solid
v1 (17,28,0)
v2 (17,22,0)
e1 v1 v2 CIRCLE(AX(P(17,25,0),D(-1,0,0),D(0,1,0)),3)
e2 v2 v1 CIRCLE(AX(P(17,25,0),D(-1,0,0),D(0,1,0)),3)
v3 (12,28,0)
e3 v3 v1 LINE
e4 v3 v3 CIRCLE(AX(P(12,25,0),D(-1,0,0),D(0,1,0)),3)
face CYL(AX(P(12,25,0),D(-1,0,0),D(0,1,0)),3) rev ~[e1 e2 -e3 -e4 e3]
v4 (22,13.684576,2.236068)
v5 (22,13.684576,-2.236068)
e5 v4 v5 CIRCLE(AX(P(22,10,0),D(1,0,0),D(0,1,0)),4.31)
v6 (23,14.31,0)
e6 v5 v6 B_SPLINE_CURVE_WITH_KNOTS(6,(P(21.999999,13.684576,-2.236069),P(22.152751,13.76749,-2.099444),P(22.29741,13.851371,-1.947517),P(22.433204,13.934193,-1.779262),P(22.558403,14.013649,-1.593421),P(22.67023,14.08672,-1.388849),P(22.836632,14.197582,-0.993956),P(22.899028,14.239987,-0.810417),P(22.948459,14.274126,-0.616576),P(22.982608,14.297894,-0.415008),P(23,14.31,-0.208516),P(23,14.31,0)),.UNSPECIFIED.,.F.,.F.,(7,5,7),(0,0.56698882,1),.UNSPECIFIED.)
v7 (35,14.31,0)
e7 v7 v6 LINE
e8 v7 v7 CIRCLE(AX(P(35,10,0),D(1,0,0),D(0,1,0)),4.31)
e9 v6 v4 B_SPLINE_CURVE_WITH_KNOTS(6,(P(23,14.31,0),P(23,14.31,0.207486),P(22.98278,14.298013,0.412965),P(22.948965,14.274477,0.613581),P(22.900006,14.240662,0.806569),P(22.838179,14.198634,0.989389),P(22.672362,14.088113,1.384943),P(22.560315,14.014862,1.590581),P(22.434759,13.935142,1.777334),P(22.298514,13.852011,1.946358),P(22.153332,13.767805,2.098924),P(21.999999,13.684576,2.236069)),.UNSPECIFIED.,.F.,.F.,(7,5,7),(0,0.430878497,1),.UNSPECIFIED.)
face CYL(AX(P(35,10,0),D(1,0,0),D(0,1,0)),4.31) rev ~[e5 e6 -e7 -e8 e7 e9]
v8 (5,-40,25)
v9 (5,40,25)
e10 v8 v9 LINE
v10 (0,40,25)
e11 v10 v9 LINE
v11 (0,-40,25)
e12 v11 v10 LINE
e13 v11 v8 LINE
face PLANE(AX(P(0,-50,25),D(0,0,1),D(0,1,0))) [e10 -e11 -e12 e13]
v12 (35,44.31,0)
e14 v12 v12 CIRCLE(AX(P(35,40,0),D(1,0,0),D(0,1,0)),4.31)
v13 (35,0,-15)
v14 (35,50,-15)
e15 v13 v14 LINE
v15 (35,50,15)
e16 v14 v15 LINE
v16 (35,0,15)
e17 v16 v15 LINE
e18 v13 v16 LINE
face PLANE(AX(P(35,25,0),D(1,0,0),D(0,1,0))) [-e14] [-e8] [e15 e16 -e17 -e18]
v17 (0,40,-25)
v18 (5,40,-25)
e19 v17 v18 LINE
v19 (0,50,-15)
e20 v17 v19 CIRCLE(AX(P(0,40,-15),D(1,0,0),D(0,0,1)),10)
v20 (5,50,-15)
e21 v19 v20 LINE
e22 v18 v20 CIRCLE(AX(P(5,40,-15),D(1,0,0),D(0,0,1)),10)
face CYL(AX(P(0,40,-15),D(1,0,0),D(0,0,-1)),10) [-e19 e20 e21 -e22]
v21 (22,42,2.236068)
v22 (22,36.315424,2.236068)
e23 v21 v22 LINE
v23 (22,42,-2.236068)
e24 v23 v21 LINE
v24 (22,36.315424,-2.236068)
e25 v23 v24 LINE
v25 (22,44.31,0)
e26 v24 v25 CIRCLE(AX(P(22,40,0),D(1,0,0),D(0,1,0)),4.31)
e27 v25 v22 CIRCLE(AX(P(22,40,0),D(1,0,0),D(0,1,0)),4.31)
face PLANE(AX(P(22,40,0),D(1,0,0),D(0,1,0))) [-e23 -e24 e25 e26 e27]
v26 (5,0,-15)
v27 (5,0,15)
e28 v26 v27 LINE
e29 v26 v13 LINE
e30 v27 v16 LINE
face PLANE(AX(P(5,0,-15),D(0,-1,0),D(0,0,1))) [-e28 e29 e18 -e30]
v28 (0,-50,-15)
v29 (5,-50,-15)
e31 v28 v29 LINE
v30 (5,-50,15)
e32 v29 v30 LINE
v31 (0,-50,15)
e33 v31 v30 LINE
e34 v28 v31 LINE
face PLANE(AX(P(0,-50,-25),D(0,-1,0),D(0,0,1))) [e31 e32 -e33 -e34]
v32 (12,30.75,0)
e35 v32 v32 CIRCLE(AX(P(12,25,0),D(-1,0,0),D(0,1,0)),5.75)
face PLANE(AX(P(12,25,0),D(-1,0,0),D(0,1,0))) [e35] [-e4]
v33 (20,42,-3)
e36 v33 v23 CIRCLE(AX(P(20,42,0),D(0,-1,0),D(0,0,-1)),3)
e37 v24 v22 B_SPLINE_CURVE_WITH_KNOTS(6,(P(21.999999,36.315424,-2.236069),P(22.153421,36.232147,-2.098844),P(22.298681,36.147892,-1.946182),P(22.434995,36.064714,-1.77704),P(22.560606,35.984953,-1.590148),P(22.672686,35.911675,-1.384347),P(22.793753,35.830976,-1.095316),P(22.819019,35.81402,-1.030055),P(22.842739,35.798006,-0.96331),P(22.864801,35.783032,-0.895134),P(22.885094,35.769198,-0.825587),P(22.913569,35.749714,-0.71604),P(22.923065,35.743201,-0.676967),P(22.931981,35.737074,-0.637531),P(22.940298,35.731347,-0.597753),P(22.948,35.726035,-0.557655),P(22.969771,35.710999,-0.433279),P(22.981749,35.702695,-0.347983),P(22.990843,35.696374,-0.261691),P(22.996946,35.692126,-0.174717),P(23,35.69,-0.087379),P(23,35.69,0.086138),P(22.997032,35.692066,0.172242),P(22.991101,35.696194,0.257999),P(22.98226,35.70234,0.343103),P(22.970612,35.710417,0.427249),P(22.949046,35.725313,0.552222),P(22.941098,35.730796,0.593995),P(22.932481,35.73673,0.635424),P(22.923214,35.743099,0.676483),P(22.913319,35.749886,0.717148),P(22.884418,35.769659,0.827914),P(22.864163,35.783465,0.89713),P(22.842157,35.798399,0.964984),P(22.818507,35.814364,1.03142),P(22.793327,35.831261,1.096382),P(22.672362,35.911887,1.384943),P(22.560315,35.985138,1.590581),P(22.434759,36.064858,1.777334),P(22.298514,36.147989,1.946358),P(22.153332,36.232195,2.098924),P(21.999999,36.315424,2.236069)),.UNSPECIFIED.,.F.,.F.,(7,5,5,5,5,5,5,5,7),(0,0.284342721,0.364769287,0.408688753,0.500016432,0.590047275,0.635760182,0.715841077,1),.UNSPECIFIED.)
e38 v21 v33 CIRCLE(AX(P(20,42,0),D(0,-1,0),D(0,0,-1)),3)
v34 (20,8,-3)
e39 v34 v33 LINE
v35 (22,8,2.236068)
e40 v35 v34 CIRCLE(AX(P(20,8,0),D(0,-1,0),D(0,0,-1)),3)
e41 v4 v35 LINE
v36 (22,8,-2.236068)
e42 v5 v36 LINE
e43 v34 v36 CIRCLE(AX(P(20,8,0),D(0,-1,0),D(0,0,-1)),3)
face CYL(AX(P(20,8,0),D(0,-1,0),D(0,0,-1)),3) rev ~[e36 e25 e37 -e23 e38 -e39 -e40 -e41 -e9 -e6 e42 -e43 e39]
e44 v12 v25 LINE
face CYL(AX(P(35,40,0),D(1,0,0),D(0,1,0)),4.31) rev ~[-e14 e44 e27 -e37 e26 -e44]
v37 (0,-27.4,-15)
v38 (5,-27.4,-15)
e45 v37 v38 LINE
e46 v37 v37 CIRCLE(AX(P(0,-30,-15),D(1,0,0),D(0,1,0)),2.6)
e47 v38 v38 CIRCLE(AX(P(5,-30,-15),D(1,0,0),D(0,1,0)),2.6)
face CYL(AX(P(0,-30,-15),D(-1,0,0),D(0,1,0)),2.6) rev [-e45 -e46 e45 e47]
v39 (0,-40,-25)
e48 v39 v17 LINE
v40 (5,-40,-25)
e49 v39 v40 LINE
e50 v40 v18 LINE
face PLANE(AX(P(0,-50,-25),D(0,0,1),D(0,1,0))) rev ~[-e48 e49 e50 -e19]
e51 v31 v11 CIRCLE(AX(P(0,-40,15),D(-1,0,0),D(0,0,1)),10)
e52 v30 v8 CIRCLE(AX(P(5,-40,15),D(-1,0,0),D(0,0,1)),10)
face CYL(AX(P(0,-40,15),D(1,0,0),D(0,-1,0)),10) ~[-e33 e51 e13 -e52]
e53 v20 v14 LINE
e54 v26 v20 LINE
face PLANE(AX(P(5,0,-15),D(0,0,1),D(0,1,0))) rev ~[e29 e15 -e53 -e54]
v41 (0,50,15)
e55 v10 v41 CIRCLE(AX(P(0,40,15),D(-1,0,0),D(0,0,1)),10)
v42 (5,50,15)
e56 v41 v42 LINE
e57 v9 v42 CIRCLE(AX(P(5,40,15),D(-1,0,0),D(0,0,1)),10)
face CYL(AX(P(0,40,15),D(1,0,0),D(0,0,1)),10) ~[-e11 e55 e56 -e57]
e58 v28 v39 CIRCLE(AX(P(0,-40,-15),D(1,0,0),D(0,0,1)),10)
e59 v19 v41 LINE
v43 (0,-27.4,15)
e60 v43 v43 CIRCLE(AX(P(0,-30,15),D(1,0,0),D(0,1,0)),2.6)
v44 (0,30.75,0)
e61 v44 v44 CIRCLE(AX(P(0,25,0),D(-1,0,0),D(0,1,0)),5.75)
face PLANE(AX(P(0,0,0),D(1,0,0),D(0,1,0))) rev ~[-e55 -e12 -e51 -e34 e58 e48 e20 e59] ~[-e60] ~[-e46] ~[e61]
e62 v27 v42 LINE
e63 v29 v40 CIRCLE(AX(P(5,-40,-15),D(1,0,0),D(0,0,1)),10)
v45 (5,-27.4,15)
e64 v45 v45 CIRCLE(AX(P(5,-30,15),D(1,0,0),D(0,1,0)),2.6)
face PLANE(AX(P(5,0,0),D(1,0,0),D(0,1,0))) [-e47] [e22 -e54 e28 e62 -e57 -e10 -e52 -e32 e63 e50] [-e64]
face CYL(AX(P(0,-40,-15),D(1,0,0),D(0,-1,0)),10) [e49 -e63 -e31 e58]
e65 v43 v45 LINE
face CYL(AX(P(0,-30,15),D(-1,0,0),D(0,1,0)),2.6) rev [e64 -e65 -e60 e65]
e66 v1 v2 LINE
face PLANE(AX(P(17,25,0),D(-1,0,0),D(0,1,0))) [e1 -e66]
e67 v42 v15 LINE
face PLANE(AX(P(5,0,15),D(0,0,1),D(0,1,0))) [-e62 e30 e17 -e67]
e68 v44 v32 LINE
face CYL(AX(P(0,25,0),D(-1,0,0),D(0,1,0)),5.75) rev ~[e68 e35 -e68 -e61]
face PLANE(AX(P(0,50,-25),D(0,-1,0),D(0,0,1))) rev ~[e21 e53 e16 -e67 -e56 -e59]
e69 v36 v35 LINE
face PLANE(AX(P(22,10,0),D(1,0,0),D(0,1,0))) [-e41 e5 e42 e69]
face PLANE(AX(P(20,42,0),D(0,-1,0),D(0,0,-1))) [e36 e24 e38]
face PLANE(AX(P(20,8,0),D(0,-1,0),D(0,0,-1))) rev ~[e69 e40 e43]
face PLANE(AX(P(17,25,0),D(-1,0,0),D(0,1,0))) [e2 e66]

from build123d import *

# Parameters (mm, degrees)
SKETCH_W        = 100
SKETCH_H        = 50
SKETCH_R        = 2.6
PAD_DEPTH       = 5
SKETCH001_W     = 50
SKETCH001_H     = 30
PAD001_DEPTH    = 30
SKETCH003_R     = 5.75
POCKET001_DEPTH = 12
SKETCH004_R     = 3
POCKET_DEPTH    = 34
SKETCH005_R     = 3
POCKET002_DEPTH = 5
SKETCH006_R     = 4.31
POCKET003_DEPTH = 13
FILLET_R        = 10


with BuildPart() as part:
    # Sketch → Pad (new body)
    with BuildSketch(Plane.YZ):
        Rectangle(SKETCH_W, SKETCH_H)
        with Locations((-30, 15)):
            Circle(SKETCH_R, mode=Mode.SUBTRACT)
        with Locations((-30, -15)):
            Circle(SKETCH_R, mode=Mode.SUBTRACT)
    extrude(amount=PAD_DEPTH)

    # Sketch001 (on Face8 of Pad) → Pad001 (join)
    with BuildSketch(Plane.YZ.offset(5)):
        with Locations((25, 0)):
            Rectangle(SKETCH001_W, SKETCH001_H)
    extrude(amount=PAD001_DEPTH)

    # Sketch003 → Pocket001 (cut)
    with BuildSketch(Plane(origin=(0, 0, 0), x_dir=(0, 1, 0), z_dir=(-1, 0, 0))):
        with Locations((25, 0)):
            Circle(SKETCH003_R)
    extrude(amount=-POCKET001_DEPTH, mode=Mode.SUBTRACT)

    # Sketch004 (on DatumPlane) → Pocket (cut)
    with BuildSketch(Plane(origin=(0, 8, 0), x_dir=(0, 0, -1), z_dir=(0, -1, 0))):
        with Locations((0, 20)):
            Circle(SKETCH004_R)
    extrude(amount=-POCKET_DEPTH, mode=Mode.SUBTRACT)

    # Sketch005 (on Face15 of Pocket) → Pocket002 (cut)
    with BuildSketch(Plane(origin=(12, 0, 0), x_dir=(0, 1, 0), z_dir=(-1, 0, 0))):
        with Locations((25, 0)):
            Circle(SKETCH005_R)
    extrude(amount=-POCKET002_DEPTH, mode=Mode.SUBTRACT)

    # Sketch006 (on Face14 of Pocket002) → Pocket003 (cut)
    with BuildSketch(Plane.YZ.offset(35)):
        with Locations((10, 0)):
            Circle(SKETCH006_R)
        with Locations((40, 0)):
            Circle(SKETCH006_R)
    extrude(amount=-POCKET003_DEPTH, mode=Mode.SUBTRACT)

    # Fillet
    fillet_edges = [part.edges().sort_by_distance(p)[0] for p in [
        (2.5, -50, 25),
        (2.5, 50, -25),
        (2.5, 50, 25),
        (2.5, -50, -25),
    ]]
    fillet(fillet_edges, radius=FILLET_R)


solid = part.part
